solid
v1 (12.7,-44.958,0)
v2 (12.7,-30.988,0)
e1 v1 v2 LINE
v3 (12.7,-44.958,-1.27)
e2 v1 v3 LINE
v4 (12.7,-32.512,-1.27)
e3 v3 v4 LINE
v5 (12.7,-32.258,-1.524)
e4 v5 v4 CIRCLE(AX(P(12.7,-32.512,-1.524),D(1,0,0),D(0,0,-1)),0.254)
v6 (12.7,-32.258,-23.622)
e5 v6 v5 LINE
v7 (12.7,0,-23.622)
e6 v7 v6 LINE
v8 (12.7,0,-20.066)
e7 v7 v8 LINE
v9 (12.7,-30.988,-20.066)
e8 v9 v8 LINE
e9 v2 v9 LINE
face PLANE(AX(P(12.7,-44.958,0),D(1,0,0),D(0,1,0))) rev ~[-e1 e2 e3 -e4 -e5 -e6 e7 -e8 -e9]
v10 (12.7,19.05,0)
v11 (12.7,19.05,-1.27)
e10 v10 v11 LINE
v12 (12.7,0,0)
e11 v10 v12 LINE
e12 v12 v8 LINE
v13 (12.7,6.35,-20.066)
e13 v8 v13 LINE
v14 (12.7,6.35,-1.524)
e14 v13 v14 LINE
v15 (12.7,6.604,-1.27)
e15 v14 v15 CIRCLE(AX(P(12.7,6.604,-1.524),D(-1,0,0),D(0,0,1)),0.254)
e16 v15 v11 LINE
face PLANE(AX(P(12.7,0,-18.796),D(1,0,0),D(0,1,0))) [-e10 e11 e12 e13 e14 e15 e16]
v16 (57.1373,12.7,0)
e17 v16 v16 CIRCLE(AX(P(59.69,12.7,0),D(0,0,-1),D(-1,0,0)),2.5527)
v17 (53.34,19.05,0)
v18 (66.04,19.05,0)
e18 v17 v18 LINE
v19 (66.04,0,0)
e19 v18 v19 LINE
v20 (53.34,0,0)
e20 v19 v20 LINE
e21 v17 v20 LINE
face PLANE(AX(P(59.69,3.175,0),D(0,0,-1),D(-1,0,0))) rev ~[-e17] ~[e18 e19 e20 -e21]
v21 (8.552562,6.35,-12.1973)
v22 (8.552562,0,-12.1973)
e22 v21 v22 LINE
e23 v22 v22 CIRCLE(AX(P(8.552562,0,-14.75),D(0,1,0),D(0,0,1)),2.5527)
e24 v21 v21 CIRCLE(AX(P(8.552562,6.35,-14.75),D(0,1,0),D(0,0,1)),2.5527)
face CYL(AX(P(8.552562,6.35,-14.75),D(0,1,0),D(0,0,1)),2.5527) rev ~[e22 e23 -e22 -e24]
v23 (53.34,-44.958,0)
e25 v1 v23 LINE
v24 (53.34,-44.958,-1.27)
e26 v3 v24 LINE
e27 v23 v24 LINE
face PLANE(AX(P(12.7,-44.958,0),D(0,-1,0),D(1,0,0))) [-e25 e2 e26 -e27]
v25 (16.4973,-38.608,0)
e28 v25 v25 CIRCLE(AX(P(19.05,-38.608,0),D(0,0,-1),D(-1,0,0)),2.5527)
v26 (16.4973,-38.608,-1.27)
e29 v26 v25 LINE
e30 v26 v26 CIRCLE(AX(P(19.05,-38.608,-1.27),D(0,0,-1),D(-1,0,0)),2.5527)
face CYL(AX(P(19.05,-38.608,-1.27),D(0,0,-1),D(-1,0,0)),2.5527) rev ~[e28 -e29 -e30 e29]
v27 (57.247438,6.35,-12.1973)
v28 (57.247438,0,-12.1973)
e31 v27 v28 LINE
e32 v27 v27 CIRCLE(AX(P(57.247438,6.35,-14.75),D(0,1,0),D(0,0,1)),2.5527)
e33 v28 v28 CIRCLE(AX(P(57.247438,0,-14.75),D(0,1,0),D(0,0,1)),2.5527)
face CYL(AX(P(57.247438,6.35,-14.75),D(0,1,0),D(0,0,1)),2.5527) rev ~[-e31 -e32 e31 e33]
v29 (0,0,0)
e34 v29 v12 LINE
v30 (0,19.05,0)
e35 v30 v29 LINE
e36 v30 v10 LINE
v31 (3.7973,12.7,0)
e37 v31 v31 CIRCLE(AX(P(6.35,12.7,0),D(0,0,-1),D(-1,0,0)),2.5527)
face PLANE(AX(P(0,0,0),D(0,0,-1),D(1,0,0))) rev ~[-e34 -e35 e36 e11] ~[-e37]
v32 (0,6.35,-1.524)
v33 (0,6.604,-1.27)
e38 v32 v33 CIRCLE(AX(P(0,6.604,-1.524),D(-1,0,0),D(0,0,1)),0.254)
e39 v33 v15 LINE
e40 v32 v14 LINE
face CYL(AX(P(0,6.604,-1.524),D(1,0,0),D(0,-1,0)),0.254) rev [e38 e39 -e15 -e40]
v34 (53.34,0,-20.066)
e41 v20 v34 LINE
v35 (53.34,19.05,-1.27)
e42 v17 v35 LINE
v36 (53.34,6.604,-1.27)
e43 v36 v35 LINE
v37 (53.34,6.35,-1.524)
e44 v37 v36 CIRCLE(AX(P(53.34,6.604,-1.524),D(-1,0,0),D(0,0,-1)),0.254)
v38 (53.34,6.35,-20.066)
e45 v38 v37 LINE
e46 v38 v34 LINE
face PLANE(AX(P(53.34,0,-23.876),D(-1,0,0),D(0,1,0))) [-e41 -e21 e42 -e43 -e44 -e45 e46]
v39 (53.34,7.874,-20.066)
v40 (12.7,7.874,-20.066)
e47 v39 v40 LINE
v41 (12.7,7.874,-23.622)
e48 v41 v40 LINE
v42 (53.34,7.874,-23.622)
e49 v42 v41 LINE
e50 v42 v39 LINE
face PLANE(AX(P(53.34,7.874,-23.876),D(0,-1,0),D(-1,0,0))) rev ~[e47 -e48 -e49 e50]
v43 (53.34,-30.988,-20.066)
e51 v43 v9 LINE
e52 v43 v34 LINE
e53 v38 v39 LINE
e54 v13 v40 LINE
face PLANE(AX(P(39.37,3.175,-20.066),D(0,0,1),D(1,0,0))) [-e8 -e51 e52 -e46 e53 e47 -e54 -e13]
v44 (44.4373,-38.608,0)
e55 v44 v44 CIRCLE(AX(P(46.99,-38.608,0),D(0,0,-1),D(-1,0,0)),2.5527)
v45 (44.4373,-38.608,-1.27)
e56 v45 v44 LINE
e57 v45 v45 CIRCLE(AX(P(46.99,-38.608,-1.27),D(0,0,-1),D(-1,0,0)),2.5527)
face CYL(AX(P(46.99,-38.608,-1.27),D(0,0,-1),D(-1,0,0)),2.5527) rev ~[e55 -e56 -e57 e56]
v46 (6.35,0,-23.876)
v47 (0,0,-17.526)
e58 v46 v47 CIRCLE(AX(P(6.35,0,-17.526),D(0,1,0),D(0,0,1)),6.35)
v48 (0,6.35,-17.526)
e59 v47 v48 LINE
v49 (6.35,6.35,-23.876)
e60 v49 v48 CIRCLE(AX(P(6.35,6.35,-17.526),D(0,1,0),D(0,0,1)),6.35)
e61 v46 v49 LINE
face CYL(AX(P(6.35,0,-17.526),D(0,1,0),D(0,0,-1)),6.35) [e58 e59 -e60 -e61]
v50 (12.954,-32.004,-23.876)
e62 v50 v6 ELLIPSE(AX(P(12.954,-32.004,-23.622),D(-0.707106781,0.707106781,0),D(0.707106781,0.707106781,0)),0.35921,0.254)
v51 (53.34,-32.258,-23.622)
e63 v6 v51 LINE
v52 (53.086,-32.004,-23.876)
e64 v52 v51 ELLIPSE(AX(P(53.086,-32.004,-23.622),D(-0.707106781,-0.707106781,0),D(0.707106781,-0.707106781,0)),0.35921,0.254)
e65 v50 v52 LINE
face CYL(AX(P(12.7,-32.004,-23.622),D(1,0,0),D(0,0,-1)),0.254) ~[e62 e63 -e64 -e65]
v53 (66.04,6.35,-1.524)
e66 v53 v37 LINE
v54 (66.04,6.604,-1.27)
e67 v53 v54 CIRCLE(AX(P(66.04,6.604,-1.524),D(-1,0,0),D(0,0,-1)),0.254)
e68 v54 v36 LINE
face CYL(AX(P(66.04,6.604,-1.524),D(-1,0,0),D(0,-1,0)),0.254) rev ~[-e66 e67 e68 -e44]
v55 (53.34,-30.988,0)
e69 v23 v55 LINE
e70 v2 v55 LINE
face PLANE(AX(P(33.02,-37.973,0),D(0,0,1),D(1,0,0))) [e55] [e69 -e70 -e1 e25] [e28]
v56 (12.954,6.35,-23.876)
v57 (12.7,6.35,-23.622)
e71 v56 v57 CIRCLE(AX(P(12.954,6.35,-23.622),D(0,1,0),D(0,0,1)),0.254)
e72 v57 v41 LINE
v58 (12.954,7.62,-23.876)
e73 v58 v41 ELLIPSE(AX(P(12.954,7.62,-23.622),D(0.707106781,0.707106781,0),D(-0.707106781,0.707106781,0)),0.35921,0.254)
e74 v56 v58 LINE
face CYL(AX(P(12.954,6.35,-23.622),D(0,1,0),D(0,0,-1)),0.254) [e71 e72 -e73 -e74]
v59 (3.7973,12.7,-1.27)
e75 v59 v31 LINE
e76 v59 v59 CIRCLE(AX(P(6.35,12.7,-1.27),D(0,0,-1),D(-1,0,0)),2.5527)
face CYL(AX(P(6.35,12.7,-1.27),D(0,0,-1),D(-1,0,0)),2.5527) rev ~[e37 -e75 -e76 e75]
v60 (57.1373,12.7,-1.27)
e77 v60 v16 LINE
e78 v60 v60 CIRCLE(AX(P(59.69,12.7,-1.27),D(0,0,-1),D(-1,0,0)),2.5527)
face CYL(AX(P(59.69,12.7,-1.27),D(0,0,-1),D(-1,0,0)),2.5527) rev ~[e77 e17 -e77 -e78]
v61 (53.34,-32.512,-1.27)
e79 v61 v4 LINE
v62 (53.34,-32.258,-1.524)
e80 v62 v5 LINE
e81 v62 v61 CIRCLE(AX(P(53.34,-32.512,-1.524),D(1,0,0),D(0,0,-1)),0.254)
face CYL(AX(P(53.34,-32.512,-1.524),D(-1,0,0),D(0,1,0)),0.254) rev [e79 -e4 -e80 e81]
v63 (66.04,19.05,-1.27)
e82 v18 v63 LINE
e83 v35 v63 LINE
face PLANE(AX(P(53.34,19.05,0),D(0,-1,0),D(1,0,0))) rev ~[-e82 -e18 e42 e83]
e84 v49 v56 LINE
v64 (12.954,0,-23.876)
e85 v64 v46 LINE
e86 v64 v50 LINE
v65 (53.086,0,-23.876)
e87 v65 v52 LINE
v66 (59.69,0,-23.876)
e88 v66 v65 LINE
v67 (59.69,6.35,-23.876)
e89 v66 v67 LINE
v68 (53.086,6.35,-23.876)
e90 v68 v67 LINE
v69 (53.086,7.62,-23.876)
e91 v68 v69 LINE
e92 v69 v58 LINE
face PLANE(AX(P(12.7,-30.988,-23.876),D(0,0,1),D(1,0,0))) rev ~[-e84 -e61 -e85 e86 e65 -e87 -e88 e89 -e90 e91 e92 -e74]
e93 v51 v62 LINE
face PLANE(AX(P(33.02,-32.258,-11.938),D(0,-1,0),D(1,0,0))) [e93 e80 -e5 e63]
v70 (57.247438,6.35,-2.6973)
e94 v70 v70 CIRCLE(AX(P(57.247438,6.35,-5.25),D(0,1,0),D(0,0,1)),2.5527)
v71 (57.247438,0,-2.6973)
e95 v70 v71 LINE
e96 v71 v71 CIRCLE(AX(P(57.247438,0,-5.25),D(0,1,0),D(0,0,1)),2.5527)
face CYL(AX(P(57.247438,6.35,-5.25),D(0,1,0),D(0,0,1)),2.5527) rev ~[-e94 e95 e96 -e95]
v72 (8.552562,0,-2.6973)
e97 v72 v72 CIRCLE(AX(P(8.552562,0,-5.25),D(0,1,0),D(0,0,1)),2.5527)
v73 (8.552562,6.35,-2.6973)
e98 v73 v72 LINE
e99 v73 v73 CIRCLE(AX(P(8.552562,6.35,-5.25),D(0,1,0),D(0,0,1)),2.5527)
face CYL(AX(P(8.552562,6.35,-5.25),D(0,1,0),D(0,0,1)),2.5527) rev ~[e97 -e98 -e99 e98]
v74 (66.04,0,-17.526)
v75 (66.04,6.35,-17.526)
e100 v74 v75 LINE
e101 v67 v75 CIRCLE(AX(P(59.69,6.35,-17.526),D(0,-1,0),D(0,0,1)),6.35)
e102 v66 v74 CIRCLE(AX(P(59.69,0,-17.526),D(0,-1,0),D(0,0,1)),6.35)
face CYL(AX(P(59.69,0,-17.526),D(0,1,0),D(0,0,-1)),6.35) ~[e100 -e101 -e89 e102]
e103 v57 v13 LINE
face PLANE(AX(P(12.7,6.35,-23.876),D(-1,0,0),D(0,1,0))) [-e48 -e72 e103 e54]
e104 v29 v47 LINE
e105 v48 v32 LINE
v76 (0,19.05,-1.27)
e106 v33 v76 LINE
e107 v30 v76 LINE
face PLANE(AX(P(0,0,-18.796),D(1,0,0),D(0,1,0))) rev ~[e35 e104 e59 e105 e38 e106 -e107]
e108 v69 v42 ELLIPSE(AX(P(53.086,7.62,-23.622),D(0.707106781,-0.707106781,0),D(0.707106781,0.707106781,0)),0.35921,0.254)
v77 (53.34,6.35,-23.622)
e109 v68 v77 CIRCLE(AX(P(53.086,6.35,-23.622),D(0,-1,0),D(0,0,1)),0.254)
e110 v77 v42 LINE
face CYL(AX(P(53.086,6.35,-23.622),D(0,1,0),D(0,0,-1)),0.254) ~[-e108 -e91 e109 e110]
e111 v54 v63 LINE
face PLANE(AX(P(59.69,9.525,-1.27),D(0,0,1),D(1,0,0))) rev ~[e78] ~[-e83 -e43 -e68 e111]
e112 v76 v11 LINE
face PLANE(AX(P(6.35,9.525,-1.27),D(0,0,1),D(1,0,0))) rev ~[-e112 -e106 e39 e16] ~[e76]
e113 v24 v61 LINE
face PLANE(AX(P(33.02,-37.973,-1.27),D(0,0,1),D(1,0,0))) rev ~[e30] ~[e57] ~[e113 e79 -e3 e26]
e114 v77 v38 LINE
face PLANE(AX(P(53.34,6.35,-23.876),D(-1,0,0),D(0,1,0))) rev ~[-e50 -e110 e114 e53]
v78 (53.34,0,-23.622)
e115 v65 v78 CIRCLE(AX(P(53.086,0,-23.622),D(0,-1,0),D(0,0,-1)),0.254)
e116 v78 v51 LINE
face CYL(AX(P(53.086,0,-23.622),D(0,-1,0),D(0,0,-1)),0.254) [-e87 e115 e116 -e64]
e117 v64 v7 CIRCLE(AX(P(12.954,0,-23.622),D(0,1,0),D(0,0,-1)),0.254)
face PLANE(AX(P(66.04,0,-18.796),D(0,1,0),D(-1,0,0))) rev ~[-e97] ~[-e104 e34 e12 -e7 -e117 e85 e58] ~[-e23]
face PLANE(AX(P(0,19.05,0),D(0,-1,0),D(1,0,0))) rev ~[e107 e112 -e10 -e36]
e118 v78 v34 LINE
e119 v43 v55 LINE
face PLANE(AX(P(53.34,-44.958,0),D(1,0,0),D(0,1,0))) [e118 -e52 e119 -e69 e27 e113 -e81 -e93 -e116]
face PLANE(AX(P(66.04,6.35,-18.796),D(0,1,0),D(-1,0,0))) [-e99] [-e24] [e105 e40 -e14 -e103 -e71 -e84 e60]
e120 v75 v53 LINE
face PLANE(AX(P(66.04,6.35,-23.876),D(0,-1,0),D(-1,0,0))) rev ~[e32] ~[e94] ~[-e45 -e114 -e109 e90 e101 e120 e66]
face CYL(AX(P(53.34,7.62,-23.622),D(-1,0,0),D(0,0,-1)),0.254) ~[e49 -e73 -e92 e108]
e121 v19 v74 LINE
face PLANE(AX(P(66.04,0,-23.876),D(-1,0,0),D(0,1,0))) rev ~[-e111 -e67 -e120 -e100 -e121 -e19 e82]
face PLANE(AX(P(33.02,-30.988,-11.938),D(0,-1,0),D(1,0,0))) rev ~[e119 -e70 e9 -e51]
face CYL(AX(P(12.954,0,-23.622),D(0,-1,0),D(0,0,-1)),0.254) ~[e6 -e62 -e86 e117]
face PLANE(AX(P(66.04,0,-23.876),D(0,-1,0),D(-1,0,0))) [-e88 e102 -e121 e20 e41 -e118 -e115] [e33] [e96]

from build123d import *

# Parameters (mm, degrees)
SKETCH1_W            = 12.7
SKETCH1_H            = 18.796
BOSS_EXTRUDE1_DEPTH  = 6.35
SKETCH2_R            = 2.5527
CUT_EXTRUDE1_DEPTH   = 6.35
SKETCH3_W            = 66.04
SKETCH3_H            = 6.35
BOSS_EXTRUDE2_DEPTH  = 5.08
SKETCH4_W            = 40.64
SKETCH4_H            = 1.524
BOSS_EXTRUDE5_DEPTH  = 3.81
SKETCH9_W            = 40.64
SKETCH9_H            = 30.988
BOSS_EXTRUDE6_DEPTH  = 3.81
SKETCH10_W           = 53.34
SKETCH10_H           = 6.35
CUT_EXTRUDE3_DEPTH   = 1.27
SKETCH11_W           = 12.7
SKETCH11_H           = 19.05
BOSS_EXTRUDE7_DEPTH  = 1.27
SKETCH16_R           = 2.5527
CUT_EXTRUDE5_DEPTH   = 1.27
SKETCH17_W           = 12.7
SKETCH17_H           = 6.35
BOSS_EXTRUDE8_DEPTH  = 23.876
SKETCH20_R           = 2.5527
CUT_EXTRUDE6_DEPTH   = 6.35
SKETCH21_W           = 12.7
SKETCH21_H           = 19.05
BOSS_EXTRUDE9_DEPTH  = 1.27
SKETCH22_R           = 2.5527
CUT_EXTRUDE7_DEPTH   = 1.27
SKETCH23_W           = 40.64
SKETCH23_H           = 23.876
BOSS_EXTRUDE10_DEPTH = 1.27
SKETCH24_W           = 40.64
SKETCH24_H           = 13.97
BOSS_EXTRUDE11_DEPTH = 1.27
SKETCH25_R           = 2.5527
CUT_EXTRUDE8_DEPTH   = 1.27
FILLET4_R            = 6.35
FILLET5_R            = 0.254


with BuildPart() as part:
    # Sketch1 → Boss-Extrude1 (new body)
    with BuildSketch(Plane(origin=(0, 0, 0), x_dir=(1, 0, 0), z_dir=(0, 1, 0))):
        with Locations((6.35, 9.398)):
            Rectangle(SKETCH1_W, SKETCH1_H)
    extrude(amount=BOSS_EXTRUDE1_DEPTH)

    # Sketch2 → Cut-Extrude1 (cut)
    with BuildSketch(Plane(origin=(0, 6.35, 0), x_dir=(1, 0, 0), z_dir=(0, 1, 0))):
        with Locations(Location((8.552562419, 14.75, 0), (0, 0, 270))):
            Circle(SKETCH2_R)
        with Locations(Location((8.552562419, 5.25, 0), (0, 0, 270))):
            Circle(SKETCH2_R)
    extrude(amount=-CUT_EXTRUDE1_DEPTH, mode=Mode.SUBTRACT)

    # Sketch3 → Boss-Extrude2 (add)
    with BuildSketch(Plane(origin=(0, 0, -18.796), x_dir=(-1, 0, 0), z_dir=(0, 0, -1))):
        with Locations((-33.02, 3.175)):
            Rectangle(SKETCH3_W, SKETCH3_H)
    extrude(amount=BOSS_EXTRUDE2_DEPTH)

    # Sketch4 → Boss-Extrude5 (add)
    with BuildSketch(Plane(origin=(0, 0, -23.876), x_dir=(-1, 0, 0), z_dir=(0, 0, -1))):
        with Locations((-33.02, 7.112)):
            Rectangle(SKETCH4_W, SKETCH4_H)
    extrude(amount=-BOSS_EXTRUDE5_DEPTH)

    # Sketch9 → Boss-Extrude6 (add)
    with BuildSketch(Plane(origin=(0, 0, -23.876), x_dir=(-1, 0, 0), z_dir=(0, 0, -1))):
        with Locations((-33.02, -15.494)):
            Rectangle(SKETCH9_W, SKETCH9_H)
    extrude(amount=-BOSS_EXTRUDE6_DEPTH)

    # Sketch10 → Cut-Extrude3 (cut)
    with BuildSketch(Plane.XY.offset(-18.796)):
        with Locations((39.37, 3.175)):
            Rectangle(SKETCH10_W, SKETCH10_H)
    extrude(amount=-CUT_EXTRUDE3_DEPTH, mode=Mode.SUBTRACT)

    # Sketch11 → Boss-Extrude7 (add)
    with BuildSketch(Plane.XY):
        with Locations((6.35, 9.525)):
            Rectangle(SKETCH11_W, SKETCH11_H)
    extrude(amount=-BOSS_EXTRUDE7_DEPTH)

    # Sketch16 → Cut-Extrude5 (cut)
    with BuildSketch(Plane(origin=(0, 0, -1.27), x_dir=(-1, 0, 0), z_dir=(0, 0, -1))):
        with Locations((-6.35, 12.7)):
            Circle(SKETCH16_R)
    extrude(amount=-CUT_EXTRUDE5_DEPTH, mode=Mode.SUBTRACT)

    # Sketch17 → Boss-Extrude8 (add)
    with BuildSketch(Plane(origin=(0, 0, -23.876), x_dir=(-1, 0, 0), z_dir=(0, 0, -1))):
        with Locations((-59.69, 3.175)):
            Rectangle(SKETCH17_W, SKETCH17_H)
    extrude(amount=-BOSS_EXTRUDE8_DEPTH)

    # Sketch20 → Cut-Extrude6 (cut)
    with BuildSketch(Plane(origin=(0, 6.35, 0), x_dir=(1, 0, 0), z_dir=(0, 1, 0))):
        with Locations(Location((57.247437581, 14.75, 0), (0, 0, 270))):
            Circle(SKETCH20_R)
        with Locations(Location((57.247437581, 5.25, 0), (0, 0, 270))):
            Circle(SKETCH20_R)
    extrude(amount=-CUT_EXTRUDE6_DEPTH, mode=Mode.SUBTRACT)

    # Sketch21 → Boss-Extrude9 (add)
    with BuildSketch(Plane.XY):
        with Locations((59.69, 9.525)):
            Rectangle(SKETCH21_W, SKETCH21_H)
    extrude(amount=-BOSS_EXTRUDE9_DEPTH)

    # Sketch22 → Cut-Extrude7 (cut)
    with BuildSketch(Plane(origin=(0, 0, -1.27), x_dir=(-1, 0, 0), z_dir=(0, 0, -1))):
        with Locations((-59.69, 12.7)):
            Circle(SKETCH22_R)
    extrude(amount=-CUT_EXTRUDE7_DEPTH, mode=Mode.SUBTRACT)

    # Sketch23 → Boss-Extrude10 (add)
    with BuildSketch(Plane.XZ.offset(30.988)):
        with Locations((33.02, -11.938)):
            Rectangle(SKETCH23_W, SKETCH23_H)
    extrude(amount=BOSS_EXTRUDE10_DEPTH)

    # Sketch24 → Boss-Extrude11 (add)
    with BuildSketch(Plane.XY):
        with Locations((33.02, -37.973)):
            Rectangle(SKETCH24_W, SKETCH24_H)
    extrude(amount=-BOSS_EXTRUDE11_DEPTH)

    # Sketch25 → Cut-Extrude8 (cut)
    with BuildSketch(Plane(origin=(0, 0, -1.27), x_dir=(-1, 0, 0), z_dir=(0, 0, -1))):
        with Locations((-46.99, -38.608)):
            Circle(SKETCH25_R)
        with Locations((-19.05, -38.608)):
            Circle(SKETCH25_R)
    extrude(amount=-CUT_EXTRUDE8_DEPTH, mode=Mode.SUBTRACT)

    # Fillet4
    fillet4_edges = [part.edges().sort_by_distance(p)[0] for p in [
        (0, 3.175, -23.876),
        (66.04, 3.175, -23.876),
    ]]
    fillet(fillet4_edges, radius=FILLET4_R)

    # Fillet5
    fillet5_edges = [part.edges().sort_by_distance(p)[0] for p in [
        (59.69, 6.35, -1.27),
        (33.02, -32.258, -23.876),
        (33.02, -32.258, -1.27),
        (53.34, 7.112, -23.876),
        (12.7, 7.112, -23.876),
        (33.02, 7.874, -23.876),
        (12.7, -16.129, -23.876),
        (53.34, -16.129, -23.876),
        (6.35, 6.35, -1.27),
    ]]
    fillet(fillet5_edges, radius=FILLET5_R)


solid = part.part
